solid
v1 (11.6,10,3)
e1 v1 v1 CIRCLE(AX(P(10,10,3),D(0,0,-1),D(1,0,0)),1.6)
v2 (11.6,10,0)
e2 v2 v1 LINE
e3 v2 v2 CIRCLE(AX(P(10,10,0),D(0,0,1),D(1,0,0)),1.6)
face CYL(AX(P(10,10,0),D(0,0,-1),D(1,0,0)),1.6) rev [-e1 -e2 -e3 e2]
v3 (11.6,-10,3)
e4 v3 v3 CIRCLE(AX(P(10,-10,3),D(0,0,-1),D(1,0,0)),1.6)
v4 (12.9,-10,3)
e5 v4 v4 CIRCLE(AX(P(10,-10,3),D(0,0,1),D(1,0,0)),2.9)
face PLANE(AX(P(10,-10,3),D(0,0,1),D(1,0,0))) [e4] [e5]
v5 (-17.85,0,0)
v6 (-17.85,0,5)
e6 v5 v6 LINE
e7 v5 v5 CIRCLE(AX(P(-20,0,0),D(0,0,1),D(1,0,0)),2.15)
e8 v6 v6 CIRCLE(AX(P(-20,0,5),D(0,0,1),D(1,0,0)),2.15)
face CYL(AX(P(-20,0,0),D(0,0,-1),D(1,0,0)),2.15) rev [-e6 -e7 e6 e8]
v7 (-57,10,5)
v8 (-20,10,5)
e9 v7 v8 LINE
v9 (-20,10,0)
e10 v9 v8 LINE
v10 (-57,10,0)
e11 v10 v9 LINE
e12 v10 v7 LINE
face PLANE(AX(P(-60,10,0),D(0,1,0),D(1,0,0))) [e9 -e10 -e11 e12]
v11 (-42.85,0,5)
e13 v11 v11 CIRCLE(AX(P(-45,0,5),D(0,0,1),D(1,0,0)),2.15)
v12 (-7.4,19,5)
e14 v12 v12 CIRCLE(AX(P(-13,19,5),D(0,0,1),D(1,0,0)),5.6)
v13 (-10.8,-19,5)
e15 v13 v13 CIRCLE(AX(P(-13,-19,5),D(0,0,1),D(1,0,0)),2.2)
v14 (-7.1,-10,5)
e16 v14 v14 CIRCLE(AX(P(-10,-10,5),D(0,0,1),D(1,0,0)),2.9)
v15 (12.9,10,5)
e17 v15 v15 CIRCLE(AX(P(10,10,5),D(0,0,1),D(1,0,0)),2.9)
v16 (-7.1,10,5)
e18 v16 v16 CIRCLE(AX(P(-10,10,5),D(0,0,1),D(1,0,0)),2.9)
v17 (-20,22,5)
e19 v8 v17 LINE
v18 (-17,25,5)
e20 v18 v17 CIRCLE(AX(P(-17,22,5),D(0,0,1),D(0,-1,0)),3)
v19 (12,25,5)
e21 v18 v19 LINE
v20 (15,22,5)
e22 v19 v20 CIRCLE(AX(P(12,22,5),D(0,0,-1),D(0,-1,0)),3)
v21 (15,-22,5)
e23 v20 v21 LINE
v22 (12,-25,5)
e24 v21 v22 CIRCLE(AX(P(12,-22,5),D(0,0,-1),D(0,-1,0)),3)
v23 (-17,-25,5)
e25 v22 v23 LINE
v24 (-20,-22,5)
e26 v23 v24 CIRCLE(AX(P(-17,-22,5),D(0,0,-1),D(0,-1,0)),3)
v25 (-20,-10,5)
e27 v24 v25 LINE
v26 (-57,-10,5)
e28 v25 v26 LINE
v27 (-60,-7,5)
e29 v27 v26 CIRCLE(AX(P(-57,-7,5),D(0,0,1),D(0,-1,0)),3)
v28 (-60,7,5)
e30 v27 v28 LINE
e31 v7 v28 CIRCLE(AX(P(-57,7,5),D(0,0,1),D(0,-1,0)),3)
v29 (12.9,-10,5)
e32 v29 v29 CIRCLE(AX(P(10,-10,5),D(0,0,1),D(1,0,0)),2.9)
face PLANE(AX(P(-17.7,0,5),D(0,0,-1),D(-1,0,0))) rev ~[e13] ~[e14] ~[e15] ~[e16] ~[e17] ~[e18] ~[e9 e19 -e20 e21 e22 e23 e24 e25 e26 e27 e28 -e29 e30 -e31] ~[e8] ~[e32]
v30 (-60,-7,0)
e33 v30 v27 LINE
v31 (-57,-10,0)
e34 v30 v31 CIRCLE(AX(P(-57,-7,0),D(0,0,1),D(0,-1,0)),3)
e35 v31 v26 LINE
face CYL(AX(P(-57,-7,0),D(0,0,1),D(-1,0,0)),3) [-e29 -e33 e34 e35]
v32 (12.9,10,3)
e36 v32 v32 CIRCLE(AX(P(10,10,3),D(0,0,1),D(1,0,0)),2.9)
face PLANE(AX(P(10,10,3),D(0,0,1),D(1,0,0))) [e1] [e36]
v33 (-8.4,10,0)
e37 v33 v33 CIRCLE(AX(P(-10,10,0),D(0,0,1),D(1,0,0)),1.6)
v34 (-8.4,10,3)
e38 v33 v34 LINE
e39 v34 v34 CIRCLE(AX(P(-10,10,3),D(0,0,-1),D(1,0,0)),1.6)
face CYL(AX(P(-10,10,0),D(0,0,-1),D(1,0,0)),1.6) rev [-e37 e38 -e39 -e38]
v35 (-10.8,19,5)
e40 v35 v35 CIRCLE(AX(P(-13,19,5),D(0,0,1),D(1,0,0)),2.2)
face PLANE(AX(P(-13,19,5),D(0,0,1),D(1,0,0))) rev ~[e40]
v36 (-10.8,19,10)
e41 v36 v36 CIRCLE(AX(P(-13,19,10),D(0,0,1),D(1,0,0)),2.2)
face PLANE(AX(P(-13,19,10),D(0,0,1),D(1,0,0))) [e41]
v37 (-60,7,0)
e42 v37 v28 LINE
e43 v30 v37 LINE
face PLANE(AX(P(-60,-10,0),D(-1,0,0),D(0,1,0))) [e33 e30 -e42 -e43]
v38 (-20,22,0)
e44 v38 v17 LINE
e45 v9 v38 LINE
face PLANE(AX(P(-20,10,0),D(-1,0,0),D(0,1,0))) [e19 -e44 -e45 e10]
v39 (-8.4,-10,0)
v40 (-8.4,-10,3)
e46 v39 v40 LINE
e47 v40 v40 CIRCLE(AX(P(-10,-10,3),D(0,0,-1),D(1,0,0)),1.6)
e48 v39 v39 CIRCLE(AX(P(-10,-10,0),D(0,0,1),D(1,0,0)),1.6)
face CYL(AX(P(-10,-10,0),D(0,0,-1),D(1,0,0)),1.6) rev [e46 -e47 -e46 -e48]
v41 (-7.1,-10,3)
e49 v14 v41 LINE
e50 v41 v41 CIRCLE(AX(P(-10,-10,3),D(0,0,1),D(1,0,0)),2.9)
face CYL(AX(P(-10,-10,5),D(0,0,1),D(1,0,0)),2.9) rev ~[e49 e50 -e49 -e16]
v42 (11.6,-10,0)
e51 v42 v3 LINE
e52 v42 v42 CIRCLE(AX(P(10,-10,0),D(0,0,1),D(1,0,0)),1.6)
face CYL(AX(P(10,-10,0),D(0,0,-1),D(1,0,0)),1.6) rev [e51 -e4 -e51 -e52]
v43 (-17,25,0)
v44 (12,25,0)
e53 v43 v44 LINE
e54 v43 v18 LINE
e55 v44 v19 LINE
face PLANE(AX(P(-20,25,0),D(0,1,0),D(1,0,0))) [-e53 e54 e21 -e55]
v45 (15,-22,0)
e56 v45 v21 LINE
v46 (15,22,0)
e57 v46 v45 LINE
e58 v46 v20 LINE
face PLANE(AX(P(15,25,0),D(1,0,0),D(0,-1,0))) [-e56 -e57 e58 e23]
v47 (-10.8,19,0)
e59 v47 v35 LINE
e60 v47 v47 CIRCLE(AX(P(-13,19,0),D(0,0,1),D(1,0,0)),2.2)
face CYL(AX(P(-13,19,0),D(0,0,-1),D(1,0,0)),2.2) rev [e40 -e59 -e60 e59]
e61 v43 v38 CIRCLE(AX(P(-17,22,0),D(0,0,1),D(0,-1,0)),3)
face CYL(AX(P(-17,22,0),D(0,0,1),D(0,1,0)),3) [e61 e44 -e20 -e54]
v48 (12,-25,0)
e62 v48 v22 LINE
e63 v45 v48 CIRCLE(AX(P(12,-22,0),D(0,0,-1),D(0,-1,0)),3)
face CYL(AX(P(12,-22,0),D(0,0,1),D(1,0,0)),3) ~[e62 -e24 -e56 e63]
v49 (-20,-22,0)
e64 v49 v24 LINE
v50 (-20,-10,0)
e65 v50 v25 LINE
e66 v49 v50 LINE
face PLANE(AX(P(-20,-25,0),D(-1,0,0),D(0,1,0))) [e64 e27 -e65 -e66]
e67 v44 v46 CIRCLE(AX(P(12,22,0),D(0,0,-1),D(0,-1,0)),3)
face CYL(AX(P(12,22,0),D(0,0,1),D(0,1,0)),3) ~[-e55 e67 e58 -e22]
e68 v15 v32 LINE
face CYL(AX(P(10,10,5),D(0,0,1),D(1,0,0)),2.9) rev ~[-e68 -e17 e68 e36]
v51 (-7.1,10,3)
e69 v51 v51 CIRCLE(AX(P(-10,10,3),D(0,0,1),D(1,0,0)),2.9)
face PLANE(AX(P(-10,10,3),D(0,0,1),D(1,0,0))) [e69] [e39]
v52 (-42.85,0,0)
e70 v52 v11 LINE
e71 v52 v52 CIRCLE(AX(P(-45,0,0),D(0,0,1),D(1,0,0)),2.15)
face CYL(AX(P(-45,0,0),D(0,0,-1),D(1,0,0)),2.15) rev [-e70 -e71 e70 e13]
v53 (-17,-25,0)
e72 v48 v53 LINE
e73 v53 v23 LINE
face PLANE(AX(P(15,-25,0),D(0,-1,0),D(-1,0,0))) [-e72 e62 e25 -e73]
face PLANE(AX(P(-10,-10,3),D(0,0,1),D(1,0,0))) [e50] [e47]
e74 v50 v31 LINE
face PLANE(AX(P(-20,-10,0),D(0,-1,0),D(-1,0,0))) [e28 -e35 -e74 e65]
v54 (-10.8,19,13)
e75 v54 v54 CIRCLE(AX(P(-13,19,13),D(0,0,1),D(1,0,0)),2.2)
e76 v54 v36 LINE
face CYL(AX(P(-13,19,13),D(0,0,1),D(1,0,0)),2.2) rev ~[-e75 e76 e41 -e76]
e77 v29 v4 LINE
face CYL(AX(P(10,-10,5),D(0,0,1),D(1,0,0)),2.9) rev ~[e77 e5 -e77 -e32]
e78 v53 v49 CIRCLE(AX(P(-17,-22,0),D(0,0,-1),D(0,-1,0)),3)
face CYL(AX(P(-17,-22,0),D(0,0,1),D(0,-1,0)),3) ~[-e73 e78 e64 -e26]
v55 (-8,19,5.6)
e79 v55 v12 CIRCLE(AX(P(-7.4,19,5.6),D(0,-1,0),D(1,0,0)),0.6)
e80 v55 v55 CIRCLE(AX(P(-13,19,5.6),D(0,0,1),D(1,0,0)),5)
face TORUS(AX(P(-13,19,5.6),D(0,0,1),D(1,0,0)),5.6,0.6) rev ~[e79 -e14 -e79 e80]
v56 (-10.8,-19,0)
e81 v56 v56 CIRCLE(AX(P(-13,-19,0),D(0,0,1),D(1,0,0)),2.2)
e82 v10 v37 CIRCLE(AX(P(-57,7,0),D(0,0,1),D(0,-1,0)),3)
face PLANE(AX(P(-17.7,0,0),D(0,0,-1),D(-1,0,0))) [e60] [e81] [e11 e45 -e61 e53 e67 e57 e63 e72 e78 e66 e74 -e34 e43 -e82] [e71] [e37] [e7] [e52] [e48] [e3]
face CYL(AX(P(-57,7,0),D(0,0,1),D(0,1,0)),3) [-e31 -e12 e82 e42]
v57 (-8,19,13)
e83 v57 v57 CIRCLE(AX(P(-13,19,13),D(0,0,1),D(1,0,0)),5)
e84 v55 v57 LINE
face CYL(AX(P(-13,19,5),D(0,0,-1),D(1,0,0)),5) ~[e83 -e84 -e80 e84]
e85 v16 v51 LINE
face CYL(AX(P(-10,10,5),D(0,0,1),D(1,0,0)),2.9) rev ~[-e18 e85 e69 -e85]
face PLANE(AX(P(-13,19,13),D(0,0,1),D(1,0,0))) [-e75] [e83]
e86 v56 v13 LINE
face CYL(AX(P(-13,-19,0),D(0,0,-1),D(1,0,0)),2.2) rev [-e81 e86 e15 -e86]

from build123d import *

# Parameters (mm, degrees)
SKETCH_R        = 1.6
SKETCH_R_2      = 2.15
SKETCH_R_3      = 2.2
PAD_DEPTH       = 5
SKETCH001_R     = 2.9
POCKET_DEPTH    = 2
SKETCH002_R     = 5
PAD001_DEPTH    = 8
SKETCH003_R     = 2.2
POCKET001_DEPTH = 3
FILLET_R        = 0.6
FILLET001_R     = 3
FILLET002_R     = 3


with BuildPart() as part:
    # Sketch → Pad (new body)
    with BuildSketch(Plane.XY):
        Polygon((-20, 25), (15, 25), (15, -25), (-20, -25), (-20, -10), (-60, -10), (-60, 10), (-20, 10), align=None)
        with Locations((-10, 10)):
            Circle(SKETCH_R, mode=Mode.SUBTRACT)
        with Locations((10, 10)):
            Circle(SKETCH_R, mode=Mode.SUBTRACT)
        with Locations((10, -10)):
            Circle(SKETCH_R, mode=Mode.SUBTRACT)
        with Locations((-10, -10)):
            Circle(SKETCH_R, mode=Mode.SUBTRACT)
        with Locations((-20, 0)):
            Circle(SKETCH_R_2, mode=Mode.SUBTRACT)
        with Locations((-45, 0)):
            Circle(SKETCH_R_2, mode=Mode.SUBTRACT)
        with Locations((-13, 19)):
            Circle(SKETCH_R_3, mode=Mode.SUBTRACT)
        with Locations((-13, -19)):
            Circle(SKETCH_R_3, mode=Mode.SUBTRACT)
    extrude(amount=PAD_DEPTH)

    # Sketch001 → Pocket (cut)
    with BuildSketch(Plane.XY.offset(5)):
        with Locations((-10, 10)):
            Circle(SKETCH001_R)
        with Locations((10, 10)):
            Circle(SKETCH001_R)
        with Locations((10, -10)):
            Circle(SKETCH001_R)
        with Locations((-10, -10)):
            Circle(SKETCH001_R)
    extrude(amount=-POCKET_DEPTH, mode=Mode.SUBTRACT)

    # Sketch002 → Pad001 (new body)
    with BuildSketch(Plane.XY.offset(5)):
        with Locations((-13, 19)):
            Circle(SKETCH002_R)
    extrude(amount=PAD001_DEPTH)

    # Sketch003 → Pocket001 (cut)
    with BuildSketch(Plane.XY.offset(13)):
        with Locations((-13, 19)):
            Circle(SKETCH003_R)
    extrude(amount=-POCKET001_DEPTH, mode=Mode.SUBTRACT)

    # Fillet
    fillet_edges = [part.edges().sort_by_distance(p)[0] for p in [
        (-18, 19, 5),
    ]]
    fillet(fillet_edges, radius=FILLET_R)

    # Fillet001
    fillet001_edges = [part.edges().sort_by_distance(p)[0] for p in [
        (-20, -25, 2.5),
        (-20, 25, 2.5),
        (15, 25, 2.5),
        (15, -25, 2.5),
    ]]
    fillet(fillet001_edges, radius=FILLET001_R)

    # Fillet002
    fillet002_edges = [part.edges().sort_by_distance(p)[0] for p in [
        (-60, 10, 2.5),
        (-60, -10, 2.5),
    ]]
    fillet(fillet002_edges, radius=FILLET002_R)


solid = part.part
